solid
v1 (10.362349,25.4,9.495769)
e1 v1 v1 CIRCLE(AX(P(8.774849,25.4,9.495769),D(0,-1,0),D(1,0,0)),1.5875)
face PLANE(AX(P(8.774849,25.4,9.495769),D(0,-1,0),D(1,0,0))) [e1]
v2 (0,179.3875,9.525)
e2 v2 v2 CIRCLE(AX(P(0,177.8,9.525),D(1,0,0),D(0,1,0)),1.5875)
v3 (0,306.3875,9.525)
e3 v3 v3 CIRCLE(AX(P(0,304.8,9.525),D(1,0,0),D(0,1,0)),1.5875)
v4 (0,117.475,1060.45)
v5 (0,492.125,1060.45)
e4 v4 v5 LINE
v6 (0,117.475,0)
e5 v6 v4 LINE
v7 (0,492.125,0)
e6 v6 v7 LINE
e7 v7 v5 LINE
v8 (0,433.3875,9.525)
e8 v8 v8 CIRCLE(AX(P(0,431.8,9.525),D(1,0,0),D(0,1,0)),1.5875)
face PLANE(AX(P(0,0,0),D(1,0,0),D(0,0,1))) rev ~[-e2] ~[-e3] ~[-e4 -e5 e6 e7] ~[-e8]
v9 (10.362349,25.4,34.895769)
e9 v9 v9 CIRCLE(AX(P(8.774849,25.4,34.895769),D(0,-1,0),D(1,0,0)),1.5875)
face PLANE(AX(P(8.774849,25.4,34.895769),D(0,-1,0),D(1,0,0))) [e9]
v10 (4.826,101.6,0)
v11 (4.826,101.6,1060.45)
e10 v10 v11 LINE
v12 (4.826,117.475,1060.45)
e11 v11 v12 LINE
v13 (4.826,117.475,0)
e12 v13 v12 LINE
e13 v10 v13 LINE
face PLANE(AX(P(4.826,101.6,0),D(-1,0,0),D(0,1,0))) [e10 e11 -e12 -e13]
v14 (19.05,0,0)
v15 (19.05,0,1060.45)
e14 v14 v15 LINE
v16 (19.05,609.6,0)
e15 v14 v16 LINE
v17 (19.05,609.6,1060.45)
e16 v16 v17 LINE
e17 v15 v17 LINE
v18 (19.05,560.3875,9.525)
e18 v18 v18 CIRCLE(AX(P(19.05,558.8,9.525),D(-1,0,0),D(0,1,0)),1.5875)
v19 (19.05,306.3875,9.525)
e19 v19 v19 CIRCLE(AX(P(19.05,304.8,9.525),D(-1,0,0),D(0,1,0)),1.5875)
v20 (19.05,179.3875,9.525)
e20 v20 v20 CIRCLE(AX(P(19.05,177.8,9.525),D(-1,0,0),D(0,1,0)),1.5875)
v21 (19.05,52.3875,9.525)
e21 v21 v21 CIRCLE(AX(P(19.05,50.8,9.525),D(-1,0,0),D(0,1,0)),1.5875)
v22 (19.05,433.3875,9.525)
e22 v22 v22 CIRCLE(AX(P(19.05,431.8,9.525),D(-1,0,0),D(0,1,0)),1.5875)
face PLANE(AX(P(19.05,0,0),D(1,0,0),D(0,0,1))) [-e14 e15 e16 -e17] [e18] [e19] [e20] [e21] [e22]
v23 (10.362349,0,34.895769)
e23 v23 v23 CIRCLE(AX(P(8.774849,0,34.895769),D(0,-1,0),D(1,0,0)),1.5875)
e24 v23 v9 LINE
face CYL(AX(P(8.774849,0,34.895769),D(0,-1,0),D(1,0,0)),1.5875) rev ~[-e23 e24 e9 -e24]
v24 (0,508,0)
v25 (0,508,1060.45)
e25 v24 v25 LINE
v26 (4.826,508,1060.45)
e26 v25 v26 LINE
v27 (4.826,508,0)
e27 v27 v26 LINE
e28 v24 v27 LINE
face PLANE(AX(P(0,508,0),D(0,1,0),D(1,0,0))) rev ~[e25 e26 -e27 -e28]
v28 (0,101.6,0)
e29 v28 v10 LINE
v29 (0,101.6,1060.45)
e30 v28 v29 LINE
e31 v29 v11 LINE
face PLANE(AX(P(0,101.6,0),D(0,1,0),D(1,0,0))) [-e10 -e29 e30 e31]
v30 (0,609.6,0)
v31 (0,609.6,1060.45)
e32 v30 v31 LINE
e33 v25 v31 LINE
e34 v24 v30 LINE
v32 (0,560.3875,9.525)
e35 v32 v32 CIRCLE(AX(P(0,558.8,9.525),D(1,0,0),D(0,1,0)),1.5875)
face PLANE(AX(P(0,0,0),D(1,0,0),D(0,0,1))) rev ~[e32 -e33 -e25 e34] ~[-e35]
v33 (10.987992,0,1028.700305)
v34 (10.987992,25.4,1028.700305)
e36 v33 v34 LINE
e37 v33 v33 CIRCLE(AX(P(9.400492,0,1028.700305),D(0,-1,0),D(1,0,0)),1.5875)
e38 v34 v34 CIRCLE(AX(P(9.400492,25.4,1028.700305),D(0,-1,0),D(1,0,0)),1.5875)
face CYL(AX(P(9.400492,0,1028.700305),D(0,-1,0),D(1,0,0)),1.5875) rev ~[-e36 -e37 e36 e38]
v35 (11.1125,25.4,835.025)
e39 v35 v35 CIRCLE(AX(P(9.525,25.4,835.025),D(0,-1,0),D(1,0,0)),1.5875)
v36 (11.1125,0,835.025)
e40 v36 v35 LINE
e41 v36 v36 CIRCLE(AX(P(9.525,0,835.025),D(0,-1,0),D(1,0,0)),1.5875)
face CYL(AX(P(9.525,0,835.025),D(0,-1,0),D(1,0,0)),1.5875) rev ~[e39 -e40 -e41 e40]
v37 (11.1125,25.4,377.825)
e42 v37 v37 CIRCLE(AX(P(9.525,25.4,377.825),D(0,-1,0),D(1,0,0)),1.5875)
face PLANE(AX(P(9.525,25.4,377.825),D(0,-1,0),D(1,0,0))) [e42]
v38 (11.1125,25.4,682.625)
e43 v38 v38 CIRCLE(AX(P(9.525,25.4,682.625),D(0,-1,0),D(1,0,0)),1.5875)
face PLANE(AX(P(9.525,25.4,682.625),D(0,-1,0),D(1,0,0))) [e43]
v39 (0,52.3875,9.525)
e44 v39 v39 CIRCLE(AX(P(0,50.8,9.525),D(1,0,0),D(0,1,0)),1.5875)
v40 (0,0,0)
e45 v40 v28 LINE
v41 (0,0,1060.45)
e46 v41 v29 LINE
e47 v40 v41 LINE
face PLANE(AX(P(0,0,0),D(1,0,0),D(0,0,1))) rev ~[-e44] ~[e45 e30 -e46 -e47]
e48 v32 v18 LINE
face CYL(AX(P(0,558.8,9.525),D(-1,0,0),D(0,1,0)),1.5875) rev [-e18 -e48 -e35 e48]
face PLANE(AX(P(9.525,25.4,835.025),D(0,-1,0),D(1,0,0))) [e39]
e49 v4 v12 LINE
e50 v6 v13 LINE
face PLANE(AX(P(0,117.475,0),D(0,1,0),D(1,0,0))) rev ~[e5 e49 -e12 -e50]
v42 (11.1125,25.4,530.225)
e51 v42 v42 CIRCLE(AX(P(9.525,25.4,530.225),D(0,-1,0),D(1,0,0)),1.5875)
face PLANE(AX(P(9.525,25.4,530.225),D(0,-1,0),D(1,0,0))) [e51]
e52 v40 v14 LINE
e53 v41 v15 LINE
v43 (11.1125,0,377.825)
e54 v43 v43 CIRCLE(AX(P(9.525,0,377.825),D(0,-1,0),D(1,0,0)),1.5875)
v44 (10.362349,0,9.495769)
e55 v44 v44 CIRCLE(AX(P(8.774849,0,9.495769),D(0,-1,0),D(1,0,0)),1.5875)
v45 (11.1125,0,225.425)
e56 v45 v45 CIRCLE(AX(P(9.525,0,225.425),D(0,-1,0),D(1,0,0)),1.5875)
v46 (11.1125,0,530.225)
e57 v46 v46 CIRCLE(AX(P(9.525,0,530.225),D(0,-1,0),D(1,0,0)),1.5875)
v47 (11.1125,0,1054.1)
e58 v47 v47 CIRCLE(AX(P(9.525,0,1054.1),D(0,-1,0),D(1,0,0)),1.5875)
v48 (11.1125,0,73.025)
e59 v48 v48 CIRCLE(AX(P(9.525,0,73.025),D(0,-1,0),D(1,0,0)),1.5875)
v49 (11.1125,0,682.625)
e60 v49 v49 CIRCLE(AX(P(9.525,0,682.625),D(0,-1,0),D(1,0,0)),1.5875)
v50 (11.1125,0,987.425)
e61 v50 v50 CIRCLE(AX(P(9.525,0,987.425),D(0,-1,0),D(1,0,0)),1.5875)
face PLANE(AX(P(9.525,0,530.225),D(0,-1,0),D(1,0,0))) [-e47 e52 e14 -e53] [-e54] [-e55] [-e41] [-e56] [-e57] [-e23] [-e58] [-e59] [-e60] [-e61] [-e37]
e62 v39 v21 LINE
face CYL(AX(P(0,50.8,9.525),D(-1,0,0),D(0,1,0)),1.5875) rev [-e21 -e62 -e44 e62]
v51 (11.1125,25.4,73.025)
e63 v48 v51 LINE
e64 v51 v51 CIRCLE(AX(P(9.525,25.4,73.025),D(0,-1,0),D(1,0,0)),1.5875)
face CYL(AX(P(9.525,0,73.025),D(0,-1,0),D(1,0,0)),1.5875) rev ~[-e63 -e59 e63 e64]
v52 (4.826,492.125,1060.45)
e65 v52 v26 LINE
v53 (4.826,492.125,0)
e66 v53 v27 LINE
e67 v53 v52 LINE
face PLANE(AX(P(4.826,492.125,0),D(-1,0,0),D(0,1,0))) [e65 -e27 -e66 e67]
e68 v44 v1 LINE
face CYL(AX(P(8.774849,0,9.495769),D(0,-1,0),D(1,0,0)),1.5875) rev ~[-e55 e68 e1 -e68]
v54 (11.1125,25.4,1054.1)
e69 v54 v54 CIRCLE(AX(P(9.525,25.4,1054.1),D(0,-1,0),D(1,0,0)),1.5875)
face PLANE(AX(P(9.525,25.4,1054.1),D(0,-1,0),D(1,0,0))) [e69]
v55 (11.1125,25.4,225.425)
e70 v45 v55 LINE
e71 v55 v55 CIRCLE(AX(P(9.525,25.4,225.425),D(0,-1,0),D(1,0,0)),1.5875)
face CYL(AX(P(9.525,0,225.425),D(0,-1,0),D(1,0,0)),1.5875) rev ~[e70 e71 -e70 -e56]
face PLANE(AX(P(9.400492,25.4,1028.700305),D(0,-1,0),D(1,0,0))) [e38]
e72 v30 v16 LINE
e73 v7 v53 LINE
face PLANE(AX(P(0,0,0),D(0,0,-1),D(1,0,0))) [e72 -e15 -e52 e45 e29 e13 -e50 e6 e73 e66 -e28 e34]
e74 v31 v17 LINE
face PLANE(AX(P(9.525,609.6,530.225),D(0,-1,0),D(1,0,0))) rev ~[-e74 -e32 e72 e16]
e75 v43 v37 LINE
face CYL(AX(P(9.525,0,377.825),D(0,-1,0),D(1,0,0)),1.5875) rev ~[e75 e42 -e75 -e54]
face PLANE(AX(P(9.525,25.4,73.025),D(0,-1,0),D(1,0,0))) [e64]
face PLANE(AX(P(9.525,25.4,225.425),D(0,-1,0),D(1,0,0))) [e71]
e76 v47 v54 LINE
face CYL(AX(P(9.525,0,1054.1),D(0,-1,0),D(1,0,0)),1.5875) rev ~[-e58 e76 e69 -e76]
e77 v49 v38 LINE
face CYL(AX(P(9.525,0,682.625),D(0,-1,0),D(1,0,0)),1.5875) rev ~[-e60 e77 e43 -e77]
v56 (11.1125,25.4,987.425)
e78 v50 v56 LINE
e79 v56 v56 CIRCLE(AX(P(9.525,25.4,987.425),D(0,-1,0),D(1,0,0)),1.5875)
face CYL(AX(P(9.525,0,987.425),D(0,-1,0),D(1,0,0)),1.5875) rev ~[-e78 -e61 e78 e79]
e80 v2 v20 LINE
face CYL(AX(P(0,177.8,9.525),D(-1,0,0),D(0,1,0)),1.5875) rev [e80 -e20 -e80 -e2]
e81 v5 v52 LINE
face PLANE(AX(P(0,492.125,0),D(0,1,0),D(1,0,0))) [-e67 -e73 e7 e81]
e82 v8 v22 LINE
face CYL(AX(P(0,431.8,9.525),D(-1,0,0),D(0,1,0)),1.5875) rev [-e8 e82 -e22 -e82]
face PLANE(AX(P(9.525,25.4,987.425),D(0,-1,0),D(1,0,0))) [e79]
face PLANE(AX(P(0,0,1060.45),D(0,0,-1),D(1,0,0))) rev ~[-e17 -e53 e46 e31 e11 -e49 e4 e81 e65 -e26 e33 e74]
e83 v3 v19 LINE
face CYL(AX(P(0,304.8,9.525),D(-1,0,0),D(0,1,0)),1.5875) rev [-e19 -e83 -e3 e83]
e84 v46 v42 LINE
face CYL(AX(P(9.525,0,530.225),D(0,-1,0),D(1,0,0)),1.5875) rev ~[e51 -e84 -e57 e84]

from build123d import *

# Parameters (mm, degrees)
F0_W      = 19.05
F0_H      = 1060.45
F1_DEPTH  = 609.6
F2_R      = 1.5875
F3_DEPTH  = 19.051
F4_R      = 1.5875
F5_DEPTH  = 25.4
F6_R      = 1.5875
F7_DEPTH  = 25.4
F8_R      = 1.5875
F9_DEPTH  = 25.4
F10_W     = 4.826
F10_H     = 15.875
F11_DEPTH = 1060.451
F12_W     = 4.826
F12_H     = 15.875
F13_DEPTH = 1060.451


with BuildPart() as f1:
    # F0 (on Front) → F1 (new body)
    with BuildSketch(Plane.XZ):
        with Locations((9.525, 530.225)):
            Rectangle(F0_W, F0_H)
    extrude(amount=-F1_DEPTH)

    # F2 (on Right) → F3 (cut, through all)
    with BuildSketch(Plane.YZ):
        with Locations((50.8, 9.525)):
            Circle(F2_R)
        with Locations((177.8, 9.525)):
            Circle(F2_R)
        with Locations((304.8, 9.525)):
            Circle(F2_R)
        with Locations((431.8, 9.525)):
            Circle(F2_R)
        with Locations((558.8, 9.525)):
            Circle(F2_R)
    extrude(amount=F3_DEPTH, mode=Mode.SUBTRACT)

    # F4 (on Front) → F5 (cut)
    with BuildSketch(Plane.XZ):
        with Locations((9.525, 1054.1)):
            Circle(F4_R)
        with Locations((9.400492, 1028.700305)):
            Circle(F4_R)
    extrude(amount=-F5_DEPTH, mode=Mode.SUBTRACT)

    # F6 (on Front) → F7 (cut)
    with BuildSketch(Plane.XZ):
        with Locations((8.774849, 9.495769)):
            Circle(F6_R)
        with Locations((8.774849, 34.895769)):
            Circle(F6_R)
    extrude(amount=-F7_DEPTH, mode=Mode.SUBTRACT)

    # F8 (on Front) → F9 (cut)
    with BuildSketch(Plane.XZ):
        with Locations((9.525, 987.425)):
            Circle(F8_R)
        with Locations((9.525, 835.025)):
            Circle(F8_R)
        with Locations((9.525, 682.625)):
            Circle(F8_R)
        with Locations((9.525, 530.225)):
            Circle(F8_R)
        with Locations((9.525, 377.825)):
            Circle(F8_R)
        with Locations((9.525, 225.425)):
            Circle(F8_R)
        with Locations((9.525, 73.025)):
            Circle(F8_R)
    extrude(amount=-F9_DEPTH, mode=Mode.SUBTRACT)

    # F10 (on Top) → F11 (cut, through all)
    with BuildSketch(Plane.XY):
        with Locations((2.413, 109.5375)):
            Rectangle(F10_W, F10_H)
    extrude(amount=F11_DEPTH, mode=Mode.SUBTRACT)

    # F12 (on Top) → F13 (cut, through all)
    with BuildSketch(Plane.XY):
        with Locations((2.413, 500.0625)):
            Rectangle(F12_W, F12_H)
    extrude(amount=F13_DEPTH, mode=Mode.SUBTRACT)


solid = f1.part
